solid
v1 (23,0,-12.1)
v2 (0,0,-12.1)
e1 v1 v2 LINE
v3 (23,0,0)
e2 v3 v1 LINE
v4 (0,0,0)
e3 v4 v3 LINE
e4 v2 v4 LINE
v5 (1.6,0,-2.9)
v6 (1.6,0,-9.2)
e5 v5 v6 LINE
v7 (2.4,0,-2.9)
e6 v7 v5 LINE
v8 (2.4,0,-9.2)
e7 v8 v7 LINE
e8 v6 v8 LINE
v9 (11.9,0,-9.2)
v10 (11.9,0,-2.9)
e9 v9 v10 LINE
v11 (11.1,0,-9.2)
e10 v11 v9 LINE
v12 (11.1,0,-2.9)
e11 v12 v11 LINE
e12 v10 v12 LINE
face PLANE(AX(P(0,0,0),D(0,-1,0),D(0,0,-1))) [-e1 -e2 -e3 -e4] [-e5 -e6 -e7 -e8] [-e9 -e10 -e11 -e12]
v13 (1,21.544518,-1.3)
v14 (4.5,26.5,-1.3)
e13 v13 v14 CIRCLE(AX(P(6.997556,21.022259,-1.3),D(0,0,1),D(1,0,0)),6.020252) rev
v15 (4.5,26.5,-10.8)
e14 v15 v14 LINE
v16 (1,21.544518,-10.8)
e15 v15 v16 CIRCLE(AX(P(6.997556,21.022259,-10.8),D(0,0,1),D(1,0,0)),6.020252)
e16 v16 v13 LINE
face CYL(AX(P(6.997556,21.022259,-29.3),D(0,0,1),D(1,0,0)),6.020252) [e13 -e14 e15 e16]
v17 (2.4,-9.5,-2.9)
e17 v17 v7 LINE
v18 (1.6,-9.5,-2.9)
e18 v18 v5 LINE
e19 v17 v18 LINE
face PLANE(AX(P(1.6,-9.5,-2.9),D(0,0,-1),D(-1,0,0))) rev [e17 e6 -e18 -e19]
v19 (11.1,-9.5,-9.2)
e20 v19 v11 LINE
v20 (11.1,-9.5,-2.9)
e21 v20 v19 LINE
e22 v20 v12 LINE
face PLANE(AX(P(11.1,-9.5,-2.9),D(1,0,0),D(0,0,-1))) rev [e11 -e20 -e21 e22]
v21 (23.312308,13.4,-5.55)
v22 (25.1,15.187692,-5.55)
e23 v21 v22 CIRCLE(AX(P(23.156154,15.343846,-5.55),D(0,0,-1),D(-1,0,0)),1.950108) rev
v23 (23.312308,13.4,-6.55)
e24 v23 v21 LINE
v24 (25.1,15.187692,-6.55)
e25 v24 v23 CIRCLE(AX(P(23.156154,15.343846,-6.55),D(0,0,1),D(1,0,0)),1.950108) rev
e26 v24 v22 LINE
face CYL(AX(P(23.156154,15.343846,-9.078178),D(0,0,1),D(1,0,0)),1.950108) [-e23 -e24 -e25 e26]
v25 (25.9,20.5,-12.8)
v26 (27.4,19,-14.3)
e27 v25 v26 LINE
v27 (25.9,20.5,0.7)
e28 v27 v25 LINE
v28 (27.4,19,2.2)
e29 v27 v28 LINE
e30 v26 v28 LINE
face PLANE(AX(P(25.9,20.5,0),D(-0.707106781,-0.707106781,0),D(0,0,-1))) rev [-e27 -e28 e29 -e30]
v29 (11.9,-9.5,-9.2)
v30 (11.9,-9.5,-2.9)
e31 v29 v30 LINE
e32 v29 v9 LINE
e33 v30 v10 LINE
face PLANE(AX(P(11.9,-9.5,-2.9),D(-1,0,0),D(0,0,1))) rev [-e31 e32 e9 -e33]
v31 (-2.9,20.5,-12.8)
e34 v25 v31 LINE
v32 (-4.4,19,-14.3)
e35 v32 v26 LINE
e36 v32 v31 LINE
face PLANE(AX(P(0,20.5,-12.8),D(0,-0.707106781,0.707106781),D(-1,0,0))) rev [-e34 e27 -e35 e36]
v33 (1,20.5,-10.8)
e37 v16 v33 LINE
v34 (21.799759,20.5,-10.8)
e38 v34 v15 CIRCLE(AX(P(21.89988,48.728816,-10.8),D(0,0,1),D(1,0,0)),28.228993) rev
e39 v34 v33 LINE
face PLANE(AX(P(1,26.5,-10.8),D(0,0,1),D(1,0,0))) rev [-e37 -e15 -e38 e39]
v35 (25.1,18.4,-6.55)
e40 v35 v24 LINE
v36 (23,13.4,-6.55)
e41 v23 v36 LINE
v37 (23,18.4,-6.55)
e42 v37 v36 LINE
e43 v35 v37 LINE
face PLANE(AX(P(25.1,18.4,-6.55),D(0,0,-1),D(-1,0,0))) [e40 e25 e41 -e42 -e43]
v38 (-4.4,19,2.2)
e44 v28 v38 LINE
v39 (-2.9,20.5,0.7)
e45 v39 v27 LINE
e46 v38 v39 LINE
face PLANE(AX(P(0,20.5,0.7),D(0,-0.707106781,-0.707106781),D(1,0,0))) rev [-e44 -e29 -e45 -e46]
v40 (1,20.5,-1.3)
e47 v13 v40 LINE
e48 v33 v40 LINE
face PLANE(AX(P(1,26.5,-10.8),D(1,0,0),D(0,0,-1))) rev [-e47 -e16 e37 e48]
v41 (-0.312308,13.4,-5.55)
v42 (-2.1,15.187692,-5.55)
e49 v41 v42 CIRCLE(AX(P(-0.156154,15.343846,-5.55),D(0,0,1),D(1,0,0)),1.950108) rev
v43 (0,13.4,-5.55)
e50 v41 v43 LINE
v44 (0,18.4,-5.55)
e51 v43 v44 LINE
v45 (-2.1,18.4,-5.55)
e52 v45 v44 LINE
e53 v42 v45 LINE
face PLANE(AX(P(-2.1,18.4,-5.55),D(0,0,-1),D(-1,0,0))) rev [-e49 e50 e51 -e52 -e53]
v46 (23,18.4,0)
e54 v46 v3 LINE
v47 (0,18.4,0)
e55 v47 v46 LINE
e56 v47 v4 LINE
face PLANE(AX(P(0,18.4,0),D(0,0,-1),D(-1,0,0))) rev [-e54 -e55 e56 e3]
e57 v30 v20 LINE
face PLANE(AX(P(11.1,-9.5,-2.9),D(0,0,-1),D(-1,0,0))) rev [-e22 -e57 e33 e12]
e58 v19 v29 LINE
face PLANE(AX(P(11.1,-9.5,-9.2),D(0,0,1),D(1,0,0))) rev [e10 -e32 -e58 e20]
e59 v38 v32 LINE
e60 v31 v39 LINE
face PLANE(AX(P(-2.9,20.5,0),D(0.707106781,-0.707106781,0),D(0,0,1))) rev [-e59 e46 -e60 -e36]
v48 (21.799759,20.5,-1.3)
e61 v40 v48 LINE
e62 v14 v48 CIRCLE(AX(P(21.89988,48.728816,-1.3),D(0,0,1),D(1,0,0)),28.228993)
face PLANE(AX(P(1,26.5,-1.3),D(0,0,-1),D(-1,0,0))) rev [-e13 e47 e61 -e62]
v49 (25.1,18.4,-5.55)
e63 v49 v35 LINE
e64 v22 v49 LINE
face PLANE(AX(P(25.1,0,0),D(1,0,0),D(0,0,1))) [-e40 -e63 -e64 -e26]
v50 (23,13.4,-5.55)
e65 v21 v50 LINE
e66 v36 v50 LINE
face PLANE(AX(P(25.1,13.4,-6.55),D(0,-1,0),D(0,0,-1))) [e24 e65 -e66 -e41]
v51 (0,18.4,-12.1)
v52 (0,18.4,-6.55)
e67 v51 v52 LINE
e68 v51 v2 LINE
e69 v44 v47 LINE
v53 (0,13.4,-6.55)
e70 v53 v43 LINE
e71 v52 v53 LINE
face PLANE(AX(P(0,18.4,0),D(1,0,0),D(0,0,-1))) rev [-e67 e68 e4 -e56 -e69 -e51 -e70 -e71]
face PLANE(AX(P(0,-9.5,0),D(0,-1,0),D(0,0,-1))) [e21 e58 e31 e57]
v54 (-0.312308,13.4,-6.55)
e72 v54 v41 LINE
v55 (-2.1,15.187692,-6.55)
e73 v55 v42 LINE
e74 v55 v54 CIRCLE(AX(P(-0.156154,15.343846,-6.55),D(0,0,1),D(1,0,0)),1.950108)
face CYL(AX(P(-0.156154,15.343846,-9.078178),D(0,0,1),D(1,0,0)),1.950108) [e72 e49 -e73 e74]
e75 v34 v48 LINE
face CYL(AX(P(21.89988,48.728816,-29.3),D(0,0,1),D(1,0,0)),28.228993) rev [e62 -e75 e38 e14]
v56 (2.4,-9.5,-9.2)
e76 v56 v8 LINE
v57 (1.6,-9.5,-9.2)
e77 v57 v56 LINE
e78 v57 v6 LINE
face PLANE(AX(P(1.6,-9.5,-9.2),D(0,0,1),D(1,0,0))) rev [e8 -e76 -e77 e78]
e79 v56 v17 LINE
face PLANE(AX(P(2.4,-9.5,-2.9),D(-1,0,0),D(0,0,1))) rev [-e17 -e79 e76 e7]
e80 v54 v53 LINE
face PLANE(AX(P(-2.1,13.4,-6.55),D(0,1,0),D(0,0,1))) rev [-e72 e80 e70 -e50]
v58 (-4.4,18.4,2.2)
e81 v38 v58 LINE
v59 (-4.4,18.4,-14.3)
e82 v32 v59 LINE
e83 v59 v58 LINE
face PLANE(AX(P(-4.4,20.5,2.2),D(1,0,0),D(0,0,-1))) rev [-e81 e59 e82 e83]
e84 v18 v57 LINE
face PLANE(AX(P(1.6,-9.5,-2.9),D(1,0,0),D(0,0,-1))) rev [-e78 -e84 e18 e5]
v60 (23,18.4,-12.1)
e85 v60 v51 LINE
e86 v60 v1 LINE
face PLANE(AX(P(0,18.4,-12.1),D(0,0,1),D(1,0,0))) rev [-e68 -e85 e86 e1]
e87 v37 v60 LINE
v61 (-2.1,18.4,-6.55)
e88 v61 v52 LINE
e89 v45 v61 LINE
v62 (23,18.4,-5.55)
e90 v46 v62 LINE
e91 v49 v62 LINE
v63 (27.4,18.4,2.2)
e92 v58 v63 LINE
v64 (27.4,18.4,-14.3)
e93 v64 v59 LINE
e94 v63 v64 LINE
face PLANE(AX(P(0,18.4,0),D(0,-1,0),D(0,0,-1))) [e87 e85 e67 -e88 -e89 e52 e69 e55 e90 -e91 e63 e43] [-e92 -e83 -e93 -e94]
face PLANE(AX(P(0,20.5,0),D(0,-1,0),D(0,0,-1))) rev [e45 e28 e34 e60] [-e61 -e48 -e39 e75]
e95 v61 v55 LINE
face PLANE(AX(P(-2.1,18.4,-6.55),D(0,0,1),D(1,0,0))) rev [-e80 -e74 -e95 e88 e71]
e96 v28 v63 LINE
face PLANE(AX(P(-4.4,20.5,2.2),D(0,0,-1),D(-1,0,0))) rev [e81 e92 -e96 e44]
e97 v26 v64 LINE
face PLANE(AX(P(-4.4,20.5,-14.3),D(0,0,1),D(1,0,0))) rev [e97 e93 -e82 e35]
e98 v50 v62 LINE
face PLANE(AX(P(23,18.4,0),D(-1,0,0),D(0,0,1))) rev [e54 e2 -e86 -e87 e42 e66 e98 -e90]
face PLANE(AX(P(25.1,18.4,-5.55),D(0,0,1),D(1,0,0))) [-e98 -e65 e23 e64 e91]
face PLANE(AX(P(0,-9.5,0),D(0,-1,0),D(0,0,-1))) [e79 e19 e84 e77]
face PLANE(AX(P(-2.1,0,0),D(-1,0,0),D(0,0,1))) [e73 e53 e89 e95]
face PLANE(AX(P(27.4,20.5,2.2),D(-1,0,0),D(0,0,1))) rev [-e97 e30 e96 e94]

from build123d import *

# Parameters (mm, degrees)
SKETCH1_W           = 23
SKETCH1_H           = 12.1
BOSS_EXTRUDE1_DEPTH = 18.4
SKETCH2_W           = 0.8
SKETCH2_H           = 6.3
BOSS_EXTRUDE2_DEPTH = 9.5
SKETCH3_W           = 31.8
SKETCH3_H           = 16.5
BOSS_EXTRUDE3_DEPTH = 2.1
CHAMFER1_SIZE       = 1.5
SKETCH4_W           = 1
SKETCH4_H           = 5
BOSS_EXTRUDE4_DEPTH = 2.1
CUT_EXTRUDE1_DEPTH  = 1
SKETCH7_W           = 21
SKETCH7_H           = 9.5
BOSS_EXTRUDE5_DEPTH = 6
CUT_EXTRUDE3_DEPTH  = 9.5


with BuildPart() as part:
    # Sketch1 → Boss-Extrude1 (new body)
    with BuildSketch(Plane(origin=(0, 0, 0), x_dir=(1, 0, 0), z_dir=(0, 1, 0))):
        with Locations((11.5, 6.05)):
            Rectangle(SKETCH1_W, SKETCH1_H)
    extrude(amount=BOSS_EXTRUDE1_DEPTH)

    # Sketch2 → Boss-Extrude2 (add)
    with BuildSketch(Plane.XZ):
        with Locations((2, -6.05)):
            Rectangle(SKETCH2_W, SKETCH2_H)
        with Locations((11.5, -6.05)):
            Rectangle(SKETCH2_W, SKETCH2_H)
    extrude(amount=BOSS_EXTRUDE2_DEPTH)

    # Sketch3 → Boss-Extrude3 (add)
    with BuildSketch(Plane(origin=(0, 18.4, 0), x_dir=(1, 0, 0), z_dir=(0, 1, 0))):
        with Locations((11.5, 6.05)):
            Rectangle(SKETCH3_W, SKETCH3_H)
    extrude(amount=BOSS_EXTRUDE3_DEPTH)

    # Chamfer1
    chamfer1_edges = [part.edges().sort_by_distance(p)[0] for p in [
        (-4.4, 20.5, -6.05),
        (11.5, 20.5, 2.2),
        (27.4, 20.5, -6.05),
        (11.5, 20.5, -14.3),
    ]]
    chamfer(chamfer1_edges, length=CHAMFER1_SIZE)

    # Sketch4 → Boss-Extrude4 (add)
    with BuildSketch(Plane.ZY):
        with Locations((-6.05, 15.9)):
            Rectangle(SKETCH4_W, SKETCH4_H)
    boss_extrude4 = extrude(amount=BOSS_EXTRUDE4_DEPTH)

    # Sketch5 → Cut-Extrude1 (cut)
    with BuildSketch(Plane.XY.offset(-5.55)):
        with BuildLine():
            ThreePointArc((-0.312308302, 13.4), (-1.535088668, 13.964911332), (-2.1, 15.187691698))
            Line((-2.1, 15.187691698), (-2.1, 13.4))
            Line((-2.1, 13.4), (-0.312308302, 13.4))
        make_face()
    cut_extrude1 = extrude(amount=-CUT_EXTRUDE1_DEPTH, mode=Mode.SUBTRACT)

    # Mirror2: Boss-Extrude4 across plane
    add(boss_extrude4.mirror(Plane.ZY.offset(-11.5)))

    # Mirror3: Cut-Extrude1 across plane
    add(cut_extrude1.mirror(Plane.ZY.offset(-11.5)), mode=Mode.SUBTRACT)

    # Sketch7 → Boss-Extrude5 (add)
    with BuildSketch(Plane(origin=(0, 20.5, 0), x_dir=(1, 0, 0), z_dir=(0, 1, 0))):
        with Locations((11.5, 6.05)):
            Rectangle(SKETCH7_W, SKETCH7_H)
    extrude(amount=BOSS_EXTRUDE5_DEPTH)

    # Sketch8 → Cut-Extrude3 (cut)
    with BuildSketch(Plane.XY.offset(-1.3)):
        with BuildLine():
            ThreePointArc((1, 21.544517728), (2.080144811, 24.495369861), (4.5, 26.5))
            Line((4.5, 26.5), (1, 26.5))
            Line((1, 26.5), (1, 21.544517728))
        make_face()
        with BuildLine():
            Line((1, 20.5), (1, 21.544517728))
            ThreePointArc((1, 21.544517728), (0.977304154, 21.022258864), (1, 20.5))
        make_face()
        with BuildLine():
            Line((22, 26.5), (4.5, 26.5))
            ThreePointArc((4.5, 26.5), (12.74453051, 22.025713988), (22, 20.5))
            Line((22, 20.5), (22, 26.5))
        make_face()
    extrude(amount=-CUT_EXTRUDE3_DEPTH, mode=Mode.SUBTRACT)


solid = part.part
